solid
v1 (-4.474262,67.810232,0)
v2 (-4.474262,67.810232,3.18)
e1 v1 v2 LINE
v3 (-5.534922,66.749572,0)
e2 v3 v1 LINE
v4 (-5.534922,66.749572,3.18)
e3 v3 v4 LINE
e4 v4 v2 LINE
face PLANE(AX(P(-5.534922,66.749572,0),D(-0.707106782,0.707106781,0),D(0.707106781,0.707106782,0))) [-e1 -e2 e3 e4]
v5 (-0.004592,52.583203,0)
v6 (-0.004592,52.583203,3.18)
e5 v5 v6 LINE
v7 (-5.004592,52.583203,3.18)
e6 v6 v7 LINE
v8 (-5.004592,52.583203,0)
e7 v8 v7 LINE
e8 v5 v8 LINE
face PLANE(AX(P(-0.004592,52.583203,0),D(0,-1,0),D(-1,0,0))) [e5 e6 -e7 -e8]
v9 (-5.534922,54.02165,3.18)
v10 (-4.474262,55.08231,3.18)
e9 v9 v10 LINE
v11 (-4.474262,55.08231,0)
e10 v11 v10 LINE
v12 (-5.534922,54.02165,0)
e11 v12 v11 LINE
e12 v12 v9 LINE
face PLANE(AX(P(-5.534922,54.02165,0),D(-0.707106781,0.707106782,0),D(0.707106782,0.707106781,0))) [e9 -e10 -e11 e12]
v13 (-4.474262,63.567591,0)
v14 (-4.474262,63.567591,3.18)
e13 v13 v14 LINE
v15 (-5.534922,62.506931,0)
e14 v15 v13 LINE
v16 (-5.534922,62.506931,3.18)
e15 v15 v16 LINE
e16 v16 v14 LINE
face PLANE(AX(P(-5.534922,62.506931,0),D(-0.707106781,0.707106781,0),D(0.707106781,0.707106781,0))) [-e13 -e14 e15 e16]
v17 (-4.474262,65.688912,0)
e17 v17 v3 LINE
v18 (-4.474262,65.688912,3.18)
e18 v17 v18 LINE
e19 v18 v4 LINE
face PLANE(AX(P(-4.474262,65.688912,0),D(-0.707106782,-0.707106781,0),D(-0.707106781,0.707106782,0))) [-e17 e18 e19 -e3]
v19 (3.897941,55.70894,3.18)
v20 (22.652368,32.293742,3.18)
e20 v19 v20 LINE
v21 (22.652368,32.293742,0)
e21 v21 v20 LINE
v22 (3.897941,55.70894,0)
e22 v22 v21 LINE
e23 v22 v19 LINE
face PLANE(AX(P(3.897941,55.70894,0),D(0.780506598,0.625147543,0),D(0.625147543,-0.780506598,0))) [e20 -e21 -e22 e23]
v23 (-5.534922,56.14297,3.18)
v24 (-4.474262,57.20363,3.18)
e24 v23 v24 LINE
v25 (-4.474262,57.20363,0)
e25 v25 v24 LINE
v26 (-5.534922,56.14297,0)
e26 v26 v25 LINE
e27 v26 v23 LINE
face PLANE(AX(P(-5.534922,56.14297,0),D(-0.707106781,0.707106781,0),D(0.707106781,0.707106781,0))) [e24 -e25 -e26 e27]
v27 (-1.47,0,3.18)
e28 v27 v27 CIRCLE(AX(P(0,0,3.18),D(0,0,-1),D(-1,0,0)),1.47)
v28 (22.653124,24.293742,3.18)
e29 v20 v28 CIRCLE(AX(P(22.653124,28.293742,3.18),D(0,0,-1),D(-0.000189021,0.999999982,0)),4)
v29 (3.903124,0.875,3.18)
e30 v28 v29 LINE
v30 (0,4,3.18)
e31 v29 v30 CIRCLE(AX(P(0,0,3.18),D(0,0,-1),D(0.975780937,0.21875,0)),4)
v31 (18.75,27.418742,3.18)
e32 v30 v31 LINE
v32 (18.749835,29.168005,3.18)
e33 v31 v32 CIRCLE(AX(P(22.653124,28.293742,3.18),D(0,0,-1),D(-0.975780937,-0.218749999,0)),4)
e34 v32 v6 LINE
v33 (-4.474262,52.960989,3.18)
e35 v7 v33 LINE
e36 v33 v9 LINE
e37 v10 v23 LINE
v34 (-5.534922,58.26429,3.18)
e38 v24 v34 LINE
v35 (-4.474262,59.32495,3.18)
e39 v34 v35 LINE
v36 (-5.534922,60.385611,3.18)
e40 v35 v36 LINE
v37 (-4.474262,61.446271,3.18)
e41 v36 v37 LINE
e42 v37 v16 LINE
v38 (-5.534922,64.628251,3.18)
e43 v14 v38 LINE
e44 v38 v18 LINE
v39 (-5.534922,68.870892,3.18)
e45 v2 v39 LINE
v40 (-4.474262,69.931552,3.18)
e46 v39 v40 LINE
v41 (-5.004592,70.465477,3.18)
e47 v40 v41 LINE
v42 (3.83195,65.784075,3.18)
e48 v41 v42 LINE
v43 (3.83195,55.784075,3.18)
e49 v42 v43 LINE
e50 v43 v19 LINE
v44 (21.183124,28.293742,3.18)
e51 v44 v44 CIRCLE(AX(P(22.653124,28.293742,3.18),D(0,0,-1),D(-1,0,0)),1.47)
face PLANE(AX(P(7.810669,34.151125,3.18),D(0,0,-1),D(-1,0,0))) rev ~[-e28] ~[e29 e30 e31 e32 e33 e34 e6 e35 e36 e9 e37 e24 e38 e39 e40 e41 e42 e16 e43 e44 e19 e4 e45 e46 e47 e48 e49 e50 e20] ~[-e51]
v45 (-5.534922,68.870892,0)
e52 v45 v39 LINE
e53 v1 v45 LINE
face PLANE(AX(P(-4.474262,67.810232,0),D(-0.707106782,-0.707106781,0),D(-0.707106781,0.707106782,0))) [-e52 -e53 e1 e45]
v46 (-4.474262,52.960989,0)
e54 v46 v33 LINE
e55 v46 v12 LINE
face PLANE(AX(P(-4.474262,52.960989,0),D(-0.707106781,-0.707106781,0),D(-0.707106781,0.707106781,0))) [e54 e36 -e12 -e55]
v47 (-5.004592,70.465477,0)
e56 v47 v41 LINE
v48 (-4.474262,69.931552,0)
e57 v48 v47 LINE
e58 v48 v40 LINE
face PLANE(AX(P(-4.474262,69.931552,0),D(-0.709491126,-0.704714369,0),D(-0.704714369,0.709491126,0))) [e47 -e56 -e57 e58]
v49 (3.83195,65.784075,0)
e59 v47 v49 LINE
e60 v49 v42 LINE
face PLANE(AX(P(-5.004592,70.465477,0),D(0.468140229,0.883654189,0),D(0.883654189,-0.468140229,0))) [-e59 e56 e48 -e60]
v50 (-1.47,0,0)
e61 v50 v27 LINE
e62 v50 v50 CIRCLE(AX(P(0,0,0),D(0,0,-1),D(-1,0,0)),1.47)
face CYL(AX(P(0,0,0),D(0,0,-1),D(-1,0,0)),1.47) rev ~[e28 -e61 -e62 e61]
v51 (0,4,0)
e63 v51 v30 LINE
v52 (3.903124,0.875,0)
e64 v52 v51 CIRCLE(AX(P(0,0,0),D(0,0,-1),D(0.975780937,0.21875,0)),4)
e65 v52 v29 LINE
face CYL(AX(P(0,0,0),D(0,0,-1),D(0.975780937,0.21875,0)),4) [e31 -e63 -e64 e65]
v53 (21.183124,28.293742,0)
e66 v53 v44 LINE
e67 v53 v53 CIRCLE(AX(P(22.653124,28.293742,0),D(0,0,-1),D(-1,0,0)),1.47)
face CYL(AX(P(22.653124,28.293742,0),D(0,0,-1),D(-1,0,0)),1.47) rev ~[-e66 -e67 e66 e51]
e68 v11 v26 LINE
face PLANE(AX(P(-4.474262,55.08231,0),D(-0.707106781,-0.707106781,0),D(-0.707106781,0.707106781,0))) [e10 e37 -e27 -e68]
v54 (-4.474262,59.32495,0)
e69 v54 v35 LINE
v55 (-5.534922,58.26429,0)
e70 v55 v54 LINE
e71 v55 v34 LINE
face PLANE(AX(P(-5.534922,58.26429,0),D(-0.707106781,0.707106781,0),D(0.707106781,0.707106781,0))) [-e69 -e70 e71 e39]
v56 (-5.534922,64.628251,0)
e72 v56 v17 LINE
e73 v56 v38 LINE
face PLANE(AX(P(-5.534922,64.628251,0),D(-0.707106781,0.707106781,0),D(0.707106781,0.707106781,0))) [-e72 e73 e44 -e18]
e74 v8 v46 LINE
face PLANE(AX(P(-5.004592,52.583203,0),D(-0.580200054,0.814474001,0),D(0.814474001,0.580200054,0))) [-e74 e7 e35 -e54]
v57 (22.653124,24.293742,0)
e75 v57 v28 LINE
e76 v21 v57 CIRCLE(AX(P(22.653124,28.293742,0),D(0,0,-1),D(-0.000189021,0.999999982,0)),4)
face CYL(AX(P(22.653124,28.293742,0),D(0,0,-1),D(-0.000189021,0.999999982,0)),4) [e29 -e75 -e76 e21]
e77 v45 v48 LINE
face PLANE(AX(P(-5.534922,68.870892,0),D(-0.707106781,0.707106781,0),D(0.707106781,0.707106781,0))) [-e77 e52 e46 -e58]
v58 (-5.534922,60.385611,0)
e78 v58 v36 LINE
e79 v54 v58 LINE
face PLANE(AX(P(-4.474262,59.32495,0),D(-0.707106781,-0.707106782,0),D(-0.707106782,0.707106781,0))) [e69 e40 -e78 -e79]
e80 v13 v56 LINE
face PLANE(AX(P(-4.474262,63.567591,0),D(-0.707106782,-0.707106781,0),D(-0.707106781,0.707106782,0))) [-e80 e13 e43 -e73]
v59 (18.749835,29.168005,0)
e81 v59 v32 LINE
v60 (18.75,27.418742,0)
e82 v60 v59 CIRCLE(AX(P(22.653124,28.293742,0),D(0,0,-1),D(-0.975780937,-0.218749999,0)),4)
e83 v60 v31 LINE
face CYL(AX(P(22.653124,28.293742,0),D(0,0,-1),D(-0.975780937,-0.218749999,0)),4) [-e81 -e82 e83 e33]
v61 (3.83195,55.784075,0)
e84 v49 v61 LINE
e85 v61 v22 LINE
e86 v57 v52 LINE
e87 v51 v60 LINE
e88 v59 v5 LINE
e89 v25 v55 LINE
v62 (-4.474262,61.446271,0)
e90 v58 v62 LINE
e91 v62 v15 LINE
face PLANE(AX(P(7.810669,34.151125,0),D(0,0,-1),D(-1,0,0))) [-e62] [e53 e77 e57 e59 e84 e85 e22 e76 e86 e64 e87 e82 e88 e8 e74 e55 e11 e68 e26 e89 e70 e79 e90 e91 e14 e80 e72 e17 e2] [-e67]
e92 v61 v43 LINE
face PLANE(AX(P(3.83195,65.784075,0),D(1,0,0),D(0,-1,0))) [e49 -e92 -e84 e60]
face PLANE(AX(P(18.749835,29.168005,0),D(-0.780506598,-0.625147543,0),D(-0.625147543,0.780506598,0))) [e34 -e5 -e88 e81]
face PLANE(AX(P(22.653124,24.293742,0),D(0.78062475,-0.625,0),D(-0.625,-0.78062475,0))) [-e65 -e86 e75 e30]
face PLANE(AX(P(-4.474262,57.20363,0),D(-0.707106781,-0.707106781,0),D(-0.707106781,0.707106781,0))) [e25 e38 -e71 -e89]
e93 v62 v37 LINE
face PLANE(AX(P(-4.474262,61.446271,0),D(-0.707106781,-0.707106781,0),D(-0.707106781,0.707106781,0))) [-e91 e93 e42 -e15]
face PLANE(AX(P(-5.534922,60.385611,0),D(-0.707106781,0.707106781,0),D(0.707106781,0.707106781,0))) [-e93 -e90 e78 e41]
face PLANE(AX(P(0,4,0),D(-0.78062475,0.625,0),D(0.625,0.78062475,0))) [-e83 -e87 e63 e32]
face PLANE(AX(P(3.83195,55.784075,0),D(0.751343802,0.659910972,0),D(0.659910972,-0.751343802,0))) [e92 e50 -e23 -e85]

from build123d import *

# Parameters (mm, degrees)
BOSS_EXTRUDE1_DEPTH = 3.18
SKETCH2_R           = 1.47
CUT_EXTRUDE1_DEPTH  = 76.404806599
SKETCH3_R           = 1.47
CUT_EXTRUDE2_DEPTH  = 76.404806599


with BuildPart() as part:
    # Sketch1 → Boss-Extrude1 (new body)
    with BuildSketch(Plane.XY):
        with BuildLine():
            Line((0, 4), (18.75, 27.418742494))
            ThreePointArc((18.75, 27.418742494), (18.653123767, 28.293364452), (18.749834676, 29.168004707))
            Line((18.749834676, 29.168004707), (-0.00459162, 52.583202641))
            Line((-0.00459162, 52.583202641), (-5.00459162, 52.583202641))
            Line((-5.00459162, 52.583202641), (-4.474261534, 52.960989463))
            Line((-4.474261534, 52.960989463), (-5.534921706, 54.021649635))
            Line((-5.534921706, 54.021649635), (-4.474261534, 55.082309806))
            Line((-4.474261534, 55.082309806), (-5.534921706, 56.142969978))
            Line((-5.534921706, 56.142969978), (-4.474261534, 57.20363015))
            Line((-4.474261534, 57.20363015), (-5.534921706, 58.264290322))
            Line((-5.534921706, 58.264290322), (-4.474261534, 59.324950494))
            Line((-4.474261534, 59.324950494), (-5.534921706, 60.385610665))
            Line((-5.534921706, 60.385610665), (-4.474261534, 61.446270837))
            Line((-4.474261534, 61.446270837), (-5.534921706, 62.506931009))
            Line((-5.534921706, 62.506931009), (-4.474261534, 63.567591181))
            Line((-4.474261534, 63.567591181), (-5.534921705, 64.628251353))
            Line((-5.534921705, 64.628251353), (-4.474261534, 65.688911524))
            Line((-4.474261534, 65.688911524), (-5.534921705, 66.749571696))
            Line((-5.534921705, 66.749571696), (-4.474261534, 67.810231868))
            Line((-4.474261534, 67.810231868), (-5.534921705, 68.87089204))
            Line((-5.534921705, 68.87089204), (-4.474261534, 69.931552211))
            Line((-4.474261534, 69.931552211), (-5.00459162, 70.465477027))
            Line((-5.00459162, 70.465477027), (3.831950272, 65.784074737))
            Line((3.831950272, 65.784074737), (3.831950272, 55.784074737))
            Line((3.831950272, 55.784074737), (3.897941369, 55.708940357))
            Line((3.897941369, 55.708940357), (22.652367666, 32.293742423))
            ThreePointArc((22.652367666, 32.293742423), (26.653123731, 28.294120536), (22.653123749, 24.293742494))
            Line((22.653123749, 24.293742494), (3.903123749, 0.875))
            ThreePointArc((3.903123749, 0.875), (-2.5, -3.122498999), (0, 4))
        make_face()
    extrude(amount=BOSS_EXTRUDE1_DEPTH)

    # Sketch2 → Cut-Extrude1 (cut, through all)
    with BuildSketch(Plane(origin=(0, 0, 0), x_dir=(-1, 0, 0), z_dir=(0, 0, -1))):
        with Locations((-22.653123749, 28.293742494)):
            Circle(SKETCH2_R)
    extrude(amount=-CUT_EXTRUDE1_DEPTH, mode=Mode.SUBTRACT)

    # Sketch3 → Cut-Extrude2 (cut, through all)
    with BuildSketch(Plane(origin=(0, 0, 0), x_dir=(-1, 0, 0), z_dir=(0, 0, -1))):
        Circle(SKETCH3_R)
    extrude(amount=-CUT_EXTRUDE2_DEPTH, mode=Mode.SUBTRACT)


solid = part.part
